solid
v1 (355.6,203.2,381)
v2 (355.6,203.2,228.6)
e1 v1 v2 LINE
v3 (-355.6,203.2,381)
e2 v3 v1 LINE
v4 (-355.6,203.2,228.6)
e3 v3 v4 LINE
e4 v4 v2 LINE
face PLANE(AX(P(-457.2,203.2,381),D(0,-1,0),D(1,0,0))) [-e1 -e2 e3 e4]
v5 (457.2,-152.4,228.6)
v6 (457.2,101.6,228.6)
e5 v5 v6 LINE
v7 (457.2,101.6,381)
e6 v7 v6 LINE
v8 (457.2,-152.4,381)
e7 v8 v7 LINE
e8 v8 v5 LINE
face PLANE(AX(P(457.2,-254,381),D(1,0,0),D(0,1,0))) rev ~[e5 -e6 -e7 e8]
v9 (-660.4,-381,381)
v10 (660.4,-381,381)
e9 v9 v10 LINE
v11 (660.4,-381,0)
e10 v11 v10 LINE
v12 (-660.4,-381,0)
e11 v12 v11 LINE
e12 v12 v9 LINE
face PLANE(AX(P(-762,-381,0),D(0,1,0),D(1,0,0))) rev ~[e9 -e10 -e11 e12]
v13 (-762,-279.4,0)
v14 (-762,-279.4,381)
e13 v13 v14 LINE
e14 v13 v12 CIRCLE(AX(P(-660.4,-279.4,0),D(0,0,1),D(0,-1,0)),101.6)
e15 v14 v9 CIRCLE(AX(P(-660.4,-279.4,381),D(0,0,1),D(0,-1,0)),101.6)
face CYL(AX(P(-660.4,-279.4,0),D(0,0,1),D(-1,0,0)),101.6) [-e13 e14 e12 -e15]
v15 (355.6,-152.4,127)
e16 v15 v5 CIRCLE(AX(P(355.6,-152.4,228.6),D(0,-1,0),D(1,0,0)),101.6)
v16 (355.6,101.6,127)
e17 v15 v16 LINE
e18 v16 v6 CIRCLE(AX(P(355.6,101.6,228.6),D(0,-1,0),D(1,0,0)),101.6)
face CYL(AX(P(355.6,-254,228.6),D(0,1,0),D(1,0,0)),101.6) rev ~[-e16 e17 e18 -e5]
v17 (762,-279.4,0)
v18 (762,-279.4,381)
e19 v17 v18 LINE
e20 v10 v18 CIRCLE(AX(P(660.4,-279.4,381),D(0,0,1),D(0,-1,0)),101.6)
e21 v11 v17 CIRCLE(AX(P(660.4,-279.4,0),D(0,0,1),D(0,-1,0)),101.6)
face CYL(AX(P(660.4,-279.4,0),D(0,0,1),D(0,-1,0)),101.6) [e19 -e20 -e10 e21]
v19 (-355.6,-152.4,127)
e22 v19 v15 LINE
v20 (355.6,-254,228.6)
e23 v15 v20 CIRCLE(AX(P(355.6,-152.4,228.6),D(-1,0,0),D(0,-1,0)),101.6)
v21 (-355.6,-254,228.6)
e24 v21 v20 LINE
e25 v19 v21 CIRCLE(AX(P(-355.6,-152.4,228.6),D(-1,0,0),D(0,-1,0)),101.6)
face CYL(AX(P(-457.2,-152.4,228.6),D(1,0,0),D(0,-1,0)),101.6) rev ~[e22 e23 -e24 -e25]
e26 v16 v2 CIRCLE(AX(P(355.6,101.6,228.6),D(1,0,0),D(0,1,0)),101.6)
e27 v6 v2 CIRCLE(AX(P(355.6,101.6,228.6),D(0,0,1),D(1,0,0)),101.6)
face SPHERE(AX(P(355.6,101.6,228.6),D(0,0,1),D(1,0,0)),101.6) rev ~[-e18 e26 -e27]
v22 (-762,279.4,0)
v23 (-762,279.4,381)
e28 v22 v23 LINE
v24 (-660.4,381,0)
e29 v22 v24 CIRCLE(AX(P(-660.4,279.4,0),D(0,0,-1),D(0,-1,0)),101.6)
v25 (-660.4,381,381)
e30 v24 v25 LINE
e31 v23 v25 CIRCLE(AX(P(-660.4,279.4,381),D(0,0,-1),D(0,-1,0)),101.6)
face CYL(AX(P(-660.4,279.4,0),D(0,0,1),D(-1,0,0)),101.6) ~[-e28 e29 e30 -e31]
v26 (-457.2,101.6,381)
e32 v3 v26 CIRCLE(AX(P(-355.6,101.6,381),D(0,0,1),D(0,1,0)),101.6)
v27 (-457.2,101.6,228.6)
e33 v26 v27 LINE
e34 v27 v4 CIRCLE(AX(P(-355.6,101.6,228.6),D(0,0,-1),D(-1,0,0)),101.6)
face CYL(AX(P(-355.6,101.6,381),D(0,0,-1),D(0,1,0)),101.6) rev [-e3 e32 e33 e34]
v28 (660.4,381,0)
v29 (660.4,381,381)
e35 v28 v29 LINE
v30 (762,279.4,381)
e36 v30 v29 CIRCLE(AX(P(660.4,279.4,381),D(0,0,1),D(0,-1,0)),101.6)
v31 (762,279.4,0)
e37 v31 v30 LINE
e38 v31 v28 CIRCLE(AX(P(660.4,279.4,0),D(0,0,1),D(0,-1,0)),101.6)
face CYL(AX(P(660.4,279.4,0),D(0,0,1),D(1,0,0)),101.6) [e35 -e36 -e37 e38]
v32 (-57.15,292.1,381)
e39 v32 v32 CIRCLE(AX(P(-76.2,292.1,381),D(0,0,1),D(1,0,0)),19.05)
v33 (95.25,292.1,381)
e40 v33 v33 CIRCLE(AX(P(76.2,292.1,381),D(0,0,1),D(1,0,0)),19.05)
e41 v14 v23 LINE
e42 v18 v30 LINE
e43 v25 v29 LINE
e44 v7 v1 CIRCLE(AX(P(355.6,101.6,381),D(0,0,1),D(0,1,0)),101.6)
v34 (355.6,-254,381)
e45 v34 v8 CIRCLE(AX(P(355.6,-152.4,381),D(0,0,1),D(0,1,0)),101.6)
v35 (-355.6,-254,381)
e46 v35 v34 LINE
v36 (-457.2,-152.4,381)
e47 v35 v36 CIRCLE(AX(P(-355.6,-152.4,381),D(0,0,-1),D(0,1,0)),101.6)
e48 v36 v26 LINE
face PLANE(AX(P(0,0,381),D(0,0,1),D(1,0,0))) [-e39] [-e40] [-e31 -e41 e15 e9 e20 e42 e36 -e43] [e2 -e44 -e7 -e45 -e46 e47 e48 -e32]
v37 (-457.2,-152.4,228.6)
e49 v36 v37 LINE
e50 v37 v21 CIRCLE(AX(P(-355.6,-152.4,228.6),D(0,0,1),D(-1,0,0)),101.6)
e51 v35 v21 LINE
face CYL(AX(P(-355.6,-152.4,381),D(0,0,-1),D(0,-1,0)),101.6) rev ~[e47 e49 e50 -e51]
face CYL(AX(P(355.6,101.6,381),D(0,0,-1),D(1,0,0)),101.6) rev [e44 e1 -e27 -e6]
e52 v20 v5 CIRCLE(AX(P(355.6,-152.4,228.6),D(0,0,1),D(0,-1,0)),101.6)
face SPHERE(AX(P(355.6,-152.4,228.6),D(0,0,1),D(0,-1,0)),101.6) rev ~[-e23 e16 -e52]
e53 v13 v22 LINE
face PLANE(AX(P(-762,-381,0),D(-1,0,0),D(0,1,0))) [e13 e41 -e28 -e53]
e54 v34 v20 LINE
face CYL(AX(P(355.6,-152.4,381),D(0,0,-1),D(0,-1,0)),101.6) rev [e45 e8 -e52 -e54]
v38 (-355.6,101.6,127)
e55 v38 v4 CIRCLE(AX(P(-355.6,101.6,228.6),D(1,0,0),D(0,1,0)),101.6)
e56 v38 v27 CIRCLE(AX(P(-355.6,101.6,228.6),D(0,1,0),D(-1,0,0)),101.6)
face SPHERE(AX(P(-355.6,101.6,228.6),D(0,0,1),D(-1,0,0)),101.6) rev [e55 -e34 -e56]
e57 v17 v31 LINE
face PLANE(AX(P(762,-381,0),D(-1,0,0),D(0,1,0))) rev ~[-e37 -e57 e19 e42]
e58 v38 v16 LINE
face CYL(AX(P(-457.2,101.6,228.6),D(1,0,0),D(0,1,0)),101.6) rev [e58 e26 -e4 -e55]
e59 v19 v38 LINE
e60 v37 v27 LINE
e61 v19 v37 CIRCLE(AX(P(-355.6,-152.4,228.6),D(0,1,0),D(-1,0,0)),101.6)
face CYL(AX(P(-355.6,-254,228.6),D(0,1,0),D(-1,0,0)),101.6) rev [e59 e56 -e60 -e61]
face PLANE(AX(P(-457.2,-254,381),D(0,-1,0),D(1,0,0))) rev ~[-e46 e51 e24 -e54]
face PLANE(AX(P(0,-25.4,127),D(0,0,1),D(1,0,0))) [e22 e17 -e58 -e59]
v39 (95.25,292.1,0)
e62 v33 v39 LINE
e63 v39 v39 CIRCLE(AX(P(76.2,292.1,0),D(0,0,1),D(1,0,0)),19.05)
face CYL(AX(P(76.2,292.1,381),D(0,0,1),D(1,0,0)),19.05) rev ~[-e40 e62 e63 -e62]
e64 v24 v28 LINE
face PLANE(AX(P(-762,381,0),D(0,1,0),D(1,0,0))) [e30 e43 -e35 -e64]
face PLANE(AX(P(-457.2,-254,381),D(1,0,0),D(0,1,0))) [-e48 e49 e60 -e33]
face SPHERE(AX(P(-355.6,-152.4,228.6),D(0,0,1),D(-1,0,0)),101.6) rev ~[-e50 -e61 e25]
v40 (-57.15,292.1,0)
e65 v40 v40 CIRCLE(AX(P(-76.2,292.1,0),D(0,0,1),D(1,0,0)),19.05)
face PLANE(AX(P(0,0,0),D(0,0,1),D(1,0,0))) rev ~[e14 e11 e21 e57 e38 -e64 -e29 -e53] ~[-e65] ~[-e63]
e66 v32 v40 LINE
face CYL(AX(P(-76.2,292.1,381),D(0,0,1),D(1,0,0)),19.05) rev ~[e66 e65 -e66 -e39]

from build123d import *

# Parameters (mm, degrees)
F0_W     = 1524
F0_H     = 762
F1_DEPTH = 381
F2_R     = 101.6
F3_W     = 914.4
F3_H     = 457.2
F4_DEPTH = 254
F5_R     = 101.6
F6_R     = 19.05
F7_DEPTH = 381.001
F8_R     = 19.05
F9_DEPTH = 381.001


with BuildPart() as f1:
    # F0 (on Top) → F1 (new body)
    with BuildSketch(Plane.XY):
        Rectangle(F0_W, F0_H)
    extrude(amount=F1_DEPTH)

    # F2
    f2_edges = [f1.edges().sort_by_distance(p)[0] for p in [
        (-762, 381, 190.5),
        (-762, -381, 190.5),
        (762, -381, 190.5),
        (762, 381, 190.5),
    ]]
    fillet(f2_edges, radius=F2_R)

    # F3 (on face) → F4 (cut)
    with BuildSketch(Plane.XY.offset(381)):
        with Locations((0, -25.4)):
            Rectangle(F3_W, F3_H)
    extrude(amount=-F4_DEPTH, mode=Mode.SUBTRACT)

    # F5
    f5_edges = [f1.edges().sort_by_distance(p)[0] for p in [
        (-457.2, 203.2, 254),
        (457.2, 203.2, 254),
        (457.2, -254, 254),
        (-457.2, -254, 254),
        (-457.2, -25.4, 127),
        (0, -254, 127),
        (457.2, -25.4, 127),
        (0, 203.2, 127),
    ]]
    fillet(f5_edges, radius=F5_R)

    # F6 (on face) → F7 (cut, through all)
    with BuildSketch(Plane.XY.offset(381)):
        with Locations((-76.2, 292.1)):
            Circle(F6_R)
    extrude(amount=-F7_DEPTH, mode=Mode.SUBTRACT)

    # F8 (on face) → F9 (cut, through all)
    with BuildSketch(Plane.XY.offset(381)):
        with Locations((76.2, 292.1)):
            Circle(F8_R)
    extrude(amount=-F9_DEPTH, mode=Mode.SUBTRACT)


solid = f1.part
